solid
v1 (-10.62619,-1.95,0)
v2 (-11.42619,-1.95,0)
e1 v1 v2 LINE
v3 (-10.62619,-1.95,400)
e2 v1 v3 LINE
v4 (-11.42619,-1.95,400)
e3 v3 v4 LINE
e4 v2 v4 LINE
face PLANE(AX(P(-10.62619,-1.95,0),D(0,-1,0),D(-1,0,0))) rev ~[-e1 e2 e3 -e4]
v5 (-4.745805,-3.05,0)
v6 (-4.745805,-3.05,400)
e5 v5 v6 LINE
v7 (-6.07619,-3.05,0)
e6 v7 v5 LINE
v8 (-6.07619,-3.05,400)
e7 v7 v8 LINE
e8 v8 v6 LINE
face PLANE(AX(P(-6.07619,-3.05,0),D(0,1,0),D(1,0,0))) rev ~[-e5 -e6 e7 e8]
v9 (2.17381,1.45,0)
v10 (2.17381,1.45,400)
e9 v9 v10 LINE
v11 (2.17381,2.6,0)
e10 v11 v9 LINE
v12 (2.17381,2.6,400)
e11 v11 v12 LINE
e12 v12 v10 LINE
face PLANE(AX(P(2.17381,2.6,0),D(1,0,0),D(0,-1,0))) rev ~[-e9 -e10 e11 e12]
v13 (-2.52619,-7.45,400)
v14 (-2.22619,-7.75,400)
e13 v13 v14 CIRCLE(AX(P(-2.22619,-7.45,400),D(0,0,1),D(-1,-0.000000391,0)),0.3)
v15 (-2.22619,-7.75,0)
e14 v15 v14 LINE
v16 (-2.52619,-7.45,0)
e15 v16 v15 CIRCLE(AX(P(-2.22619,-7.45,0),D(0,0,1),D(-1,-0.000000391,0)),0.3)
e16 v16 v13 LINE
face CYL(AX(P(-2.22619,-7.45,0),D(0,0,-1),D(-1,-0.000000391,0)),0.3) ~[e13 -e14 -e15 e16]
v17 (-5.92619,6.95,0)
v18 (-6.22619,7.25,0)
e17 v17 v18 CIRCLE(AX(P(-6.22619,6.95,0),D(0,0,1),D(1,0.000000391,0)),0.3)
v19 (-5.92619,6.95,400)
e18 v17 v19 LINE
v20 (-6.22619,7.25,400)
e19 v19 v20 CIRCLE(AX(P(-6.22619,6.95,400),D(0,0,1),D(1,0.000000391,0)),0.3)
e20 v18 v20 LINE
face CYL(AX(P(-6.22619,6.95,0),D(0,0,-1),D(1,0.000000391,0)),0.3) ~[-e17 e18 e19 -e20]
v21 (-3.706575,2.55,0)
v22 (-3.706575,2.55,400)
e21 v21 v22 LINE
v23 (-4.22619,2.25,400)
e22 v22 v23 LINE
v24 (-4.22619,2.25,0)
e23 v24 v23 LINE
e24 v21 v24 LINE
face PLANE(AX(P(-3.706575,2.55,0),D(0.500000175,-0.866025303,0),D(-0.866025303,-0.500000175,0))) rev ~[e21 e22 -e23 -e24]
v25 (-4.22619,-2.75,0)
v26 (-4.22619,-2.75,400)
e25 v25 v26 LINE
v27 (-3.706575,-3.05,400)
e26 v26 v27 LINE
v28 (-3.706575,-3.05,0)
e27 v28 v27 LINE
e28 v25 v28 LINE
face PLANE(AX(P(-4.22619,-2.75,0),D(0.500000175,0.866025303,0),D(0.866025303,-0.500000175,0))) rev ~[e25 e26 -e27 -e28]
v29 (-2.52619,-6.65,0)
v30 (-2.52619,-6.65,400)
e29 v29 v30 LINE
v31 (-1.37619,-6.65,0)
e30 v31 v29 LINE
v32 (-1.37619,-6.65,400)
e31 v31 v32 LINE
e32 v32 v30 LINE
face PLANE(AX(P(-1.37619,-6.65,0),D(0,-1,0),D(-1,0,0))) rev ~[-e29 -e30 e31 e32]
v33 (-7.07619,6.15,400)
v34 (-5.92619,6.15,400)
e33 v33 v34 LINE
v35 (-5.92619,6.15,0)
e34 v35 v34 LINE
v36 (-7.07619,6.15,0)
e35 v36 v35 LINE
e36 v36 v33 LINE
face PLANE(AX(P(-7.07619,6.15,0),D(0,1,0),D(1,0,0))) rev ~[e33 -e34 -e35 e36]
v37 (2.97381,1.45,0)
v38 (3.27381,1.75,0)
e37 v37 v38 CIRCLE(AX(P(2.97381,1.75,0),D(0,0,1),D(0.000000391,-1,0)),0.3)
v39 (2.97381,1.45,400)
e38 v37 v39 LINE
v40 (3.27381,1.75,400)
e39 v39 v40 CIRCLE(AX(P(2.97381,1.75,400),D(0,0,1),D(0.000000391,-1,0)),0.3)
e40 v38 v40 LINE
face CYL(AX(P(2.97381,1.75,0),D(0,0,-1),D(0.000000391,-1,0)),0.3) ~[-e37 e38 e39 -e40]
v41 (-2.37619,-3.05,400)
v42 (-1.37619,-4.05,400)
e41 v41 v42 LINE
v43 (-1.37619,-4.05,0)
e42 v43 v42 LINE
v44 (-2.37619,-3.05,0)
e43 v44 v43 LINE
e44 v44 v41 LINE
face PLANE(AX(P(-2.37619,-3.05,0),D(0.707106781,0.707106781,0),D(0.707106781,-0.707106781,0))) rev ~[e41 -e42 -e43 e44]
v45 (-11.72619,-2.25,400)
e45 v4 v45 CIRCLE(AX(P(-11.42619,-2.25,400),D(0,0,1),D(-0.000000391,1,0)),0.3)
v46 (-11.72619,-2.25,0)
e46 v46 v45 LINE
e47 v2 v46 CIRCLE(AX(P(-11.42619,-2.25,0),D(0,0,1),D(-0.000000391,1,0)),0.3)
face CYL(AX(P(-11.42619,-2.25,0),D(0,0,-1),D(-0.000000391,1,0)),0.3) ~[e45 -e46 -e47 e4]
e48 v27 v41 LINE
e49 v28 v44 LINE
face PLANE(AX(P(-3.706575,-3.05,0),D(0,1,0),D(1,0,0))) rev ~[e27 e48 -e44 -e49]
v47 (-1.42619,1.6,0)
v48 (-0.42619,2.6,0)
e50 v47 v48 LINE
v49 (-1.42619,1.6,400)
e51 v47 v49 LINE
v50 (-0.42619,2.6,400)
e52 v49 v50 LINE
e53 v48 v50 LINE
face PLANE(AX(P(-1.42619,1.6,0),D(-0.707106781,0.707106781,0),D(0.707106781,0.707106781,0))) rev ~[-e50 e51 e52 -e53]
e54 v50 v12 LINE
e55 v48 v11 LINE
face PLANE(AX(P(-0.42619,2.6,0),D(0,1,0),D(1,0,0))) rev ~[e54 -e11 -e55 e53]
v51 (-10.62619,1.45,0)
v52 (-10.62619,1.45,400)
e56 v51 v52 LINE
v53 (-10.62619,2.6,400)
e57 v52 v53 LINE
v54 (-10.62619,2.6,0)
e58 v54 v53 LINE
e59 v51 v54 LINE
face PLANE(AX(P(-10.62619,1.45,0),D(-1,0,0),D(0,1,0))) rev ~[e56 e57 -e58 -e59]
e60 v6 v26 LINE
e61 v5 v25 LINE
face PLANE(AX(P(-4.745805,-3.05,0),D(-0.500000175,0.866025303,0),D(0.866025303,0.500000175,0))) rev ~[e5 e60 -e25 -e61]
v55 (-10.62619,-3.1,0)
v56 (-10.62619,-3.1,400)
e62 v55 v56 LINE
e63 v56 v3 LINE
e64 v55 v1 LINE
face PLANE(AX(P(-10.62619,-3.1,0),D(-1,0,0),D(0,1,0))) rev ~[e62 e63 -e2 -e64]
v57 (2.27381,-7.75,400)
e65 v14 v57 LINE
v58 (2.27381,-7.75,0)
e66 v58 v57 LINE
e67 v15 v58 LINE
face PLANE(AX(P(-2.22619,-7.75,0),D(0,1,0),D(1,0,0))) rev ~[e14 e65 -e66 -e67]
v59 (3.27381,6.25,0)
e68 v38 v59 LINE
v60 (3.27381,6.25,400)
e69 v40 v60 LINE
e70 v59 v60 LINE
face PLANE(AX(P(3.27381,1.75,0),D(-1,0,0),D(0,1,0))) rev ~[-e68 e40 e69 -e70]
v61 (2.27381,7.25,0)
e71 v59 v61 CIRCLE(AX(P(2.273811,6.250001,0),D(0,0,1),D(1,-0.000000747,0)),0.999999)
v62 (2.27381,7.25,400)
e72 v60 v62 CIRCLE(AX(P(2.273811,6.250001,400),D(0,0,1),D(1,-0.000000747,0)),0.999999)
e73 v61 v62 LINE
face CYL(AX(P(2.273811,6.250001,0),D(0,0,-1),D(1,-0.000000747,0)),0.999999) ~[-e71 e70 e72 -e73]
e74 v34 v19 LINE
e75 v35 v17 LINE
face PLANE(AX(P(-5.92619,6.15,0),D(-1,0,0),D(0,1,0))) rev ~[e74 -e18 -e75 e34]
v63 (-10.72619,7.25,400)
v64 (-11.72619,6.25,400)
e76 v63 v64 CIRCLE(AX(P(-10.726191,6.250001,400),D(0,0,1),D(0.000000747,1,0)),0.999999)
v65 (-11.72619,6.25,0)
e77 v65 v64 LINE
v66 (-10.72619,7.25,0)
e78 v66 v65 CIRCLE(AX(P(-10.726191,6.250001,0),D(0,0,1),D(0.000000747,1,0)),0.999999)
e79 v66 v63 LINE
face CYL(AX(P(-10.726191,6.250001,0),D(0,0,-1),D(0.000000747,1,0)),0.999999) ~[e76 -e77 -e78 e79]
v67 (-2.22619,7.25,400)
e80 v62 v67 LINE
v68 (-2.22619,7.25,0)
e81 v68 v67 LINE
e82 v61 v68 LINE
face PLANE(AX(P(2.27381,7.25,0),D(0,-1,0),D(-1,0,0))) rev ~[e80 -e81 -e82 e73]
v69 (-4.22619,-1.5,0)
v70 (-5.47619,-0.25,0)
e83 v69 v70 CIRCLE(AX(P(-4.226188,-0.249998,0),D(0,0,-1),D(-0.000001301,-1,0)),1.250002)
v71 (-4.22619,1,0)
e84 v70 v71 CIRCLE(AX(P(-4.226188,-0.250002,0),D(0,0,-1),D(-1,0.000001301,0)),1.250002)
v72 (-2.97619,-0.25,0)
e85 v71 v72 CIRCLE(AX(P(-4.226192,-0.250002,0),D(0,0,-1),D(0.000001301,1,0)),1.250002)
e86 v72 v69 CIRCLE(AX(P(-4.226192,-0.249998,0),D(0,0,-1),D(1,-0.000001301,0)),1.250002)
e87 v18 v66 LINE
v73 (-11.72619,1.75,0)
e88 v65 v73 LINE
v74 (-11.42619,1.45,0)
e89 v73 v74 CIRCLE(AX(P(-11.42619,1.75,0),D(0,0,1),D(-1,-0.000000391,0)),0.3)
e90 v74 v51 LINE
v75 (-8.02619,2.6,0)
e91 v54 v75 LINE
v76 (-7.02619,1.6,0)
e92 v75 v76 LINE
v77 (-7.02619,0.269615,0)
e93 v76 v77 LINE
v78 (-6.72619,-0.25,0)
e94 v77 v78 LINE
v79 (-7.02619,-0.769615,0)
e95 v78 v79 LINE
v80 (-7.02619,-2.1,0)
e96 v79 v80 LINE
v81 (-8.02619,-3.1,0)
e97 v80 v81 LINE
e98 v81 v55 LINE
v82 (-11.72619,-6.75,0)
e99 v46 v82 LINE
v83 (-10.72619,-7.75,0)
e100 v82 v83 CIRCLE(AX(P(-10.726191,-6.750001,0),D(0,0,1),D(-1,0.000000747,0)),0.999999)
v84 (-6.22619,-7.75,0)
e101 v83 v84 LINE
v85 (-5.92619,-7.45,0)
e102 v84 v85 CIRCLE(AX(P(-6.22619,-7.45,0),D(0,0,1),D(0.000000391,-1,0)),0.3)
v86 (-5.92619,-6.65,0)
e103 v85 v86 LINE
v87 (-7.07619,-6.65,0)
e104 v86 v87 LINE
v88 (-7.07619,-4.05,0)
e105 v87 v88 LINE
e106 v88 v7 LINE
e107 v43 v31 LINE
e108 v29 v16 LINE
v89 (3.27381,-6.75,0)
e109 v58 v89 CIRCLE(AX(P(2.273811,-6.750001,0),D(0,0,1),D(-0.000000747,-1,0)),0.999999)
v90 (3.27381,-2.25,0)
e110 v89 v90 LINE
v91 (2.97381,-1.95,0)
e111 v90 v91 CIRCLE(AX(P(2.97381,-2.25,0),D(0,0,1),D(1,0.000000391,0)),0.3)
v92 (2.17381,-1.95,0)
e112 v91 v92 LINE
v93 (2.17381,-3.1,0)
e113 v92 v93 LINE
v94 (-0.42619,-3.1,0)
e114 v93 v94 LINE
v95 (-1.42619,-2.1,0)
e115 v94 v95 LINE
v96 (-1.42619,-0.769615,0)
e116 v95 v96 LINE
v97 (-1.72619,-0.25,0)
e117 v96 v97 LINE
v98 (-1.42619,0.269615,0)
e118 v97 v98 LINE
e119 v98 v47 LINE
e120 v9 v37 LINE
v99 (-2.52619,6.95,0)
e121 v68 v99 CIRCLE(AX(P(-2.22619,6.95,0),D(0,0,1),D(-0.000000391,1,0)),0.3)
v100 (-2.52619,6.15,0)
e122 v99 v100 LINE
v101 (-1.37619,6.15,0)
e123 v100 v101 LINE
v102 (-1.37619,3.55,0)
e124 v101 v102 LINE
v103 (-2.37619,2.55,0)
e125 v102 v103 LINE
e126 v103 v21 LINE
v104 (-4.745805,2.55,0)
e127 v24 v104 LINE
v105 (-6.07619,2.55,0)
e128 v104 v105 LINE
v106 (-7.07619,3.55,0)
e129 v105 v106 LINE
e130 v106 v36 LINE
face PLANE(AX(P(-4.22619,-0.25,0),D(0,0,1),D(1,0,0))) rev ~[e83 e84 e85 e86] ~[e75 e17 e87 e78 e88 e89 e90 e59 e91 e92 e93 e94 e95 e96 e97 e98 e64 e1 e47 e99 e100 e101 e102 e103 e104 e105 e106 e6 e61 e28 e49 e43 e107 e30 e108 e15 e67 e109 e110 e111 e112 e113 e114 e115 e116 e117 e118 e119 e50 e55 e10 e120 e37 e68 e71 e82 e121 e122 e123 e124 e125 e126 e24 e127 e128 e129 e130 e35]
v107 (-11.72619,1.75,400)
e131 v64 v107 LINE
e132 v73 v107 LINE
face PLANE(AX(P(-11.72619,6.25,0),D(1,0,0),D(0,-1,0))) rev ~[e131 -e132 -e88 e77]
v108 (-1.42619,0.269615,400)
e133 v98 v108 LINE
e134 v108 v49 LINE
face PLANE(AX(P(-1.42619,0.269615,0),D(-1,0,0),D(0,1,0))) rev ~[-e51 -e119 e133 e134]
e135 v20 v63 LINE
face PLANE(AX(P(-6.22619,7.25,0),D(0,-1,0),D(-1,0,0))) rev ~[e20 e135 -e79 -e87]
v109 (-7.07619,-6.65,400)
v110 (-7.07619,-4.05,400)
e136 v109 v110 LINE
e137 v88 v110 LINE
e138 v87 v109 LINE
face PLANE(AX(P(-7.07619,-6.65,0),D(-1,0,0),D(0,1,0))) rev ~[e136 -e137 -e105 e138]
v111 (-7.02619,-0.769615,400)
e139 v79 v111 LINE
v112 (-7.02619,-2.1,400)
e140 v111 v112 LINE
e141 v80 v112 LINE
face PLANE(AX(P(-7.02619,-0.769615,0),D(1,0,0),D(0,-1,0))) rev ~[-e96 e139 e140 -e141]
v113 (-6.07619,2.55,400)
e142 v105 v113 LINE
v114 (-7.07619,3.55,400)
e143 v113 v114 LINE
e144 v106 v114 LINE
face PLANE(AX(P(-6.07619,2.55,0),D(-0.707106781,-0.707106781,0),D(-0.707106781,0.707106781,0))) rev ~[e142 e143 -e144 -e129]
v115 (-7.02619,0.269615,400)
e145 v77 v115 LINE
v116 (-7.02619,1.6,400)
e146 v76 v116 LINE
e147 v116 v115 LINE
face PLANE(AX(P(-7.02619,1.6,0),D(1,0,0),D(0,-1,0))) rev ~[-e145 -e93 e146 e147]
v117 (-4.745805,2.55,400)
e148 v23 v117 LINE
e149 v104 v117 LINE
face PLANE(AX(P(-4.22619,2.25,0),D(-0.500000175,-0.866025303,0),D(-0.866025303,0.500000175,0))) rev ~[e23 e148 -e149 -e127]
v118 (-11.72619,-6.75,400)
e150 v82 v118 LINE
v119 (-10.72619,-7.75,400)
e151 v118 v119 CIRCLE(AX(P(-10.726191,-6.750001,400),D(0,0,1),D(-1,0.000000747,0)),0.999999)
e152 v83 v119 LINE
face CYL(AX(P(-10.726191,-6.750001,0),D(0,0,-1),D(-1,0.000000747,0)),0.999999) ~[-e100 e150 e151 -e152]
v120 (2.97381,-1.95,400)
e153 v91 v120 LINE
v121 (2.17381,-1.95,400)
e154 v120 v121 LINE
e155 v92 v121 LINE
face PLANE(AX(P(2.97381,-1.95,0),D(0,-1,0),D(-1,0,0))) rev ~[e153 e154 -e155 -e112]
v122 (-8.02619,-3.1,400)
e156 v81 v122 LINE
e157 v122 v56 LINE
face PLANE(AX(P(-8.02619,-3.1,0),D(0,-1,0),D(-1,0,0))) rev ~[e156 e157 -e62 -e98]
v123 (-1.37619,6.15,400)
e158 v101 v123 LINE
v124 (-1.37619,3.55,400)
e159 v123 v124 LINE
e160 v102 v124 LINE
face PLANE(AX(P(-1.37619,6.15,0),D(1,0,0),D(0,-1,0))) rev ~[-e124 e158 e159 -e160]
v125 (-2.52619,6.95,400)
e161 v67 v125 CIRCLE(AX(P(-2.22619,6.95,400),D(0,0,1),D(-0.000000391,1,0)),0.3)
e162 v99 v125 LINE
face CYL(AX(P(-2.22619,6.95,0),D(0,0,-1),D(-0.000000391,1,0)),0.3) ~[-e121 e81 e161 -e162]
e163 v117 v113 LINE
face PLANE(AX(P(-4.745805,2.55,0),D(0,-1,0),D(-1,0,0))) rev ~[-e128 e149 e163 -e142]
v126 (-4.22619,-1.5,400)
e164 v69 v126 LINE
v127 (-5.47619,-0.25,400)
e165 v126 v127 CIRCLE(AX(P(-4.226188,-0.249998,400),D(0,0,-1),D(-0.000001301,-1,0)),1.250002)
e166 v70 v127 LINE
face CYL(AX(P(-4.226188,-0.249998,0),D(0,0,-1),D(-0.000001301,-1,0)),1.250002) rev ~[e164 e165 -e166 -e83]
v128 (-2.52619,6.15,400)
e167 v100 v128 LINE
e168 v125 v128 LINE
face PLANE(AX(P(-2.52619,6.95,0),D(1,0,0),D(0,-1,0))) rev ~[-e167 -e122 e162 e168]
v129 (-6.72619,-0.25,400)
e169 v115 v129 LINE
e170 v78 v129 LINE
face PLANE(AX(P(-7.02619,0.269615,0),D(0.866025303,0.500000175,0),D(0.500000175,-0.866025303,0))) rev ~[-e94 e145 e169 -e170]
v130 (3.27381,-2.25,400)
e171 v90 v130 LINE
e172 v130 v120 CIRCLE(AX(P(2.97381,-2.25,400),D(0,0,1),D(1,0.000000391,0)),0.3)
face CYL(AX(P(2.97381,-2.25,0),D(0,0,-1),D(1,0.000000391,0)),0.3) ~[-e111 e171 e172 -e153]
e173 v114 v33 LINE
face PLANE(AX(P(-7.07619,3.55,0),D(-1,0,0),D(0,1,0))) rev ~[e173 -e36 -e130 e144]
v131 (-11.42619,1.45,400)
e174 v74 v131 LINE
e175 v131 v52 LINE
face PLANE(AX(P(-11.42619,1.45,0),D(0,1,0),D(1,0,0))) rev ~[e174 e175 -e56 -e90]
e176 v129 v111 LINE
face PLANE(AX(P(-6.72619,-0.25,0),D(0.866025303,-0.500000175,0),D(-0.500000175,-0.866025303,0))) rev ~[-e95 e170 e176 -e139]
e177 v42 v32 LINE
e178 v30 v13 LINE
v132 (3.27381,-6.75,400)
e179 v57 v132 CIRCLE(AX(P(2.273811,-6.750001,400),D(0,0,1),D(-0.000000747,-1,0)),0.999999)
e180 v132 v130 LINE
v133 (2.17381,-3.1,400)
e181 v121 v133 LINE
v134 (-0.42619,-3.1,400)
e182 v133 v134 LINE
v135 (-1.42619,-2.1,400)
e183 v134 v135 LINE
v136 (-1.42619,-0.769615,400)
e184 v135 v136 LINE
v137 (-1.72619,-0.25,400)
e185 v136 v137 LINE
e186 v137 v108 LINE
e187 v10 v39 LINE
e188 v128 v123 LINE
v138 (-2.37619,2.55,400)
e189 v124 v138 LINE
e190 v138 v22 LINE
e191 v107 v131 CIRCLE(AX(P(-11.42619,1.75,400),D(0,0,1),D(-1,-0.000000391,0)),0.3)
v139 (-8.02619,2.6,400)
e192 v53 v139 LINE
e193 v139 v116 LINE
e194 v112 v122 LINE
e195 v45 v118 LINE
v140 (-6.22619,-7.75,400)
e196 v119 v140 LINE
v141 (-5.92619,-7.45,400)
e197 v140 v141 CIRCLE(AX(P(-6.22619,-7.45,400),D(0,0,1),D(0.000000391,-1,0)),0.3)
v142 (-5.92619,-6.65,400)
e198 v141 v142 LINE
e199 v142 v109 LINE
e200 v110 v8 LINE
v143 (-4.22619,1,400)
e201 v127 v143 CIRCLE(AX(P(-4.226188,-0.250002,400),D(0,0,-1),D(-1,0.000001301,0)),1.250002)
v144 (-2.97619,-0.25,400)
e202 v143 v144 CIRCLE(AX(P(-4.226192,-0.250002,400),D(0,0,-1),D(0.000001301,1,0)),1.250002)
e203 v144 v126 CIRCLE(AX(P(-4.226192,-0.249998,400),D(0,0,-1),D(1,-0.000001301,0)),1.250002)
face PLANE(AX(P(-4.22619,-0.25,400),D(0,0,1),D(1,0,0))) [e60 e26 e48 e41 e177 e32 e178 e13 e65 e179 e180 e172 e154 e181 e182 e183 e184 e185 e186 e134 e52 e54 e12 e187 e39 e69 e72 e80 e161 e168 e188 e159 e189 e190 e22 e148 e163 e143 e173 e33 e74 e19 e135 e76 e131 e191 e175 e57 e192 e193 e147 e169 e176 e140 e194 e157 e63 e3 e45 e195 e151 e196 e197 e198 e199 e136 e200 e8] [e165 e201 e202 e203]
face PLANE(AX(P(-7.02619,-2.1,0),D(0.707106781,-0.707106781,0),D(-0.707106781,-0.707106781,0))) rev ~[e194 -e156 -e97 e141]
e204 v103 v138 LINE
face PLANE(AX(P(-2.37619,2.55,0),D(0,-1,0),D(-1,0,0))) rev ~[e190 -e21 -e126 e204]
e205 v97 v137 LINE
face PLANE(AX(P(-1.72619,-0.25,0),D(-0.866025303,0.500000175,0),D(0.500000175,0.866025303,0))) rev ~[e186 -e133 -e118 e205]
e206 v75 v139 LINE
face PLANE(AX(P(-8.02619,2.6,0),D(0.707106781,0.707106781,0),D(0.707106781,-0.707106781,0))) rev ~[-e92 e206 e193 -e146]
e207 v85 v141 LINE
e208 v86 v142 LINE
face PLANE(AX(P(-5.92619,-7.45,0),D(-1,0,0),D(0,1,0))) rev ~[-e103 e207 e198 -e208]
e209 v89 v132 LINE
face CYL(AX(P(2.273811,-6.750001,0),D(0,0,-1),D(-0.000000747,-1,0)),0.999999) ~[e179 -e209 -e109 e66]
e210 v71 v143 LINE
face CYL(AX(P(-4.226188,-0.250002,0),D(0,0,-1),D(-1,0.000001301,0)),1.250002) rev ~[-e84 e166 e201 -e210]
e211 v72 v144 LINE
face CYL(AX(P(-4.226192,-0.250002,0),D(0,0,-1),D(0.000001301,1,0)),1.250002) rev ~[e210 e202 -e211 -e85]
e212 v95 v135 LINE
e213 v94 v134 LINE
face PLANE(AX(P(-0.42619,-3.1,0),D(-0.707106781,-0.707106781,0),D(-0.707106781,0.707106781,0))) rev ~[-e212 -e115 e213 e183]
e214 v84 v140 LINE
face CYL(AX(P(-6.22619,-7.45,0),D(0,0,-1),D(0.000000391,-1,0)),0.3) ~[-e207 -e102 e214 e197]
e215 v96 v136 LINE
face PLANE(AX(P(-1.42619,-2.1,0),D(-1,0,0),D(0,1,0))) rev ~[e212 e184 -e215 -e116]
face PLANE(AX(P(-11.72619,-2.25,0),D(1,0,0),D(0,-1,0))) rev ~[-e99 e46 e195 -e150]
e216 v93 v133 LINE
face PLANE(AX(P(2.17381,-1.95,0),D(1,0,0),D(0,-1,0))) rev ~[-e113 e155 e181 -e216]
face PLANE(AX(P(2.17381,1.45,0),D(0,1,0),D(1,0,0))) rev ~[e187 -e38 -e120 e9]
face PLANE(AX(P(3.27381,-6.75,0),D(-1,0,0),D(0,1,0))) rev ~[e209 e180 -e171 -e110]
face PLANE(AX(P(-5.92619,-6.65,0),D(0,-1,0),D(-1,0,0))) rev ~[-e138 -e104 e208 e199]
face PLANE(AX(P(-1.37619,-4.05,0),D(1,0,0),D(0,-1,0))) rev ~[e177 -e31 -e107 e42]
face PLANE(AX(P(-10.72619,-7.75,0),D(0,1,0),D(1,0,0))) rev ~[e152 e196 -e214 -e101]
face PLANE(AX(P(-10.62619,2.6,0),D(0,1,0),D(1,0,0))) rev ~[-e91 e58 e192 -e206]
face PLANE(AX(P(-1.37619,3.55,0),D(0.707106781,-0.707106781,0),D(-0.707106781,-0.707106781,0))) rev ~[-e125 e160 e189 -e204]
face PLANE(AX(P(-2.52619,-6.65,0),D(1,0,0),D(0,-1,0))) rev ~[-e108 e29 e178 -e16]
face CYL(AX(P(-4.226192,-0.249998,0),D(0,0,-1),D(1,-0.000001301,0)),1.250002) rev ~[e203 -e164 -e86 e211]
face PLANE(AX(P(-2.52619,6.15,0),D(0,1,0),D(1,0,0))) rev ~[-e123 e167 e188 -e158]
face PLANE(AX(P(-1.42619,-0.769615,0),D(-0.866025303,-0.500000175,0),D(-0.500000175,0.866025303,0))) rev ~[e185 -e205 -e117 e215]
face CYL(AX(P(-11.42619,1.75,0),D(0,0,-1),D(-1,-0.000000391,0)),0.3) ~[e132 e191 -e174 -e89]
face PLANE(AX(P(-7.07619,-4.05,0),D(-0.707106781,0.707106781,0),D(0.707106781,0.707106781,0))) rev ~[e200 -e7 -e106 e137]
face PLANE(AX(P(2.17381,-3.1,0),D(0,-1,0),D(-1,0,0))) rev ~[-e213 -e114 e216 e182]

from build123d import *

# Parameters (mm, degrees)
F1_DEPTH = 400


with BuildPart() as f1:
    # F0 (on Top) → F1 (new body)
    with BuildSketch(Plane.XY):
        with BuildLine():
            ThreePointArc((-10.72619, 7.25), (-11.433297, 6.957107), (-11.72619, 6.25))
            Line((-11.72619, 6.25), (-11.72619, 1.75))
            ThreePointArc((-11.72619, 1.75), (-11.638322, 1.537868), (-11.42619, 1.45))
            Line((-11.42619, 1.45), (-10.62619, 1.45))
            Line((-10.62619, 1.45), (-10.62619, 2.6))
            Line((-10.62619, 2.6), (-8.02619, 2.6))
            Line((-8.02619, 2.6), (-7.02619, 1.6))
            Line((-7.02619, 1.6), (-7.02619, 0.269615))
            Line((-7.02619, 0.269615), (-6.72619, -0.25))
            Line((-6.72619, -0.25), (-7.02619, -0.769615))
            Line((-7.02619, -0.769615), (-7.02619, -2.1))
            Line((-7.02619, -2.1), (-8.02619, -3.1))
            Line((-8.02619, -3.1), (-10.62619, -3.1))
            Line((-10.62619, -3.1), (-10.62619, -1.95))
            Line((-10.62619, -1.95), (-11.42619, -1.95))
            ThreePointArc((-11.42619, -1.95), (-11.638322, -2.037868), (-11.72619, -2.25))
            Line((-11.72619, -2.25), (-11.72619, -6.75))
            ThreePointArc((-11.72619, -6.75), (-11.433297, -7.457107), (-10.72619, -7.75))
            Line((-10.72619, -7.75), (-6.22619, -7.75))
            ThreePointArc((-6.22619, -7.75), (-6.014058, -7.662132), (-5.92619, -7.45))
            Line((-5.92619, -7.45), (-5.92619, -6.65))
            Line((-5.92619, -6.65), (-7.07619, -6.65))
            Line((-7.07619, -6.65), (-7.07619, -4.05))
            Line((-7.07619, -4.05), (-6.07619, -3.05))
            Line((-6.07619, -3.05), (-4.745805, -3.05))
            Line((-4.745805, -3.05), (-4.22619, -2.75))
            Line((-4.22619, -2.75), (-3.706575, -3.05))
            Line((-3.706575, -3.05), (-2.37619, -3.05))
            Line((-2.37619, -3.05), (-1.37619, -4.05))
            Line((-1.37619, -4.05), (-1.37619, -6.65))
            Line((-1.37619, -6.65), (-2.52619, -6.65))
            Line((-2.52619, -6.65), (-2.52619, -7.45))
            ThreePointArc((-2.52619, -7.45), (-2.438322, -7.662132), (-2.22619, -7.75))
            Line((-2.22619, -7.75), (2.27381, -7.75))
            ThreePointArc((2.27381, -7.75), (2.980917, -7.457107), (3.27381, -6.75))
            Line((3.27381, -6.75), (3.27381, -2.25))
            ThreePointArc((3.27381, -2.25), (3.185942, -2.037868), (2.97381, -1.95))
            Line((2.97381, -1.95), (2.17381, -1.95))
            Line((2.17381, -1.95), (2.17381, -3.1))
            Line((2.17381, -3.1), (-0.42619, -3.1))
            Line((-0.42619, -3.1), (-1.42619, -2.1))
            Line((-1.42619, -2.1), (-1.42619, -0.769615))
            Line((-1.42619, -0.769615), (-1.72619, -0.25))
            Line((-1.72619, -0.25), (-1.42619, 0.269615))
            Line((-1.42619, 0.269615), (-1.42619, 1.6))
            Line((-1.42619, 1.6), (-0.42619, 2.6))
            Line((-0.42619, 2.6), (2.17381, 2.6))
            Line((2.17381, 2.6), (2.17381, 1.45))
            Line((2.17381, 1.45), (2.97381, 1.45))
            ThreePointArc((2.97381, 1.45), (3.185942, 1.537868), (3.27381, 1.75))
            Line((3.27381, 1.75), (3.27381, 6.25))
            ThreePointArc((3.27381, 6.25), (2.980917, 6.957107), (2.27381, 7.25))
            Line((2.27381, 7.25), (-2.22619, 7.25))
            ThreePointArc((-2.22619, 7.25), (-2.438322, 7.162132), (-2.52619, 6.95))
            Line((-2.52619, 6.95), (-2.52619, 6.15))
            Line((-2.52619, 6.15), (-1.37619, 6.15))
            Line((-1.37619, 6.15), (-1.37619, 3.55))
            Line((-1.37619, 3.55), (-2.37619, 2.55))
            Line((-2.37619, 2.55), (-3.706575, 2.55))
            Line((-3.706575, 2.55), (-4.22619, 2.25))
            Line((-4.22619, 2.25), (-4.745805, 2.55))
            Line((-4.745805, 2.55), (-6.07619, 2.55))
            Line((-6.07619, 2.55), (-7.07619, 3.55))
            Line((-7.07619, 3.55), (-7.07619, 6.15))
            Line((-7.07619, 6.15), (-5.92619, 6.15))
            Line((-5.92619, 6.15), (-5.92619, 6.95))
            ThreePointArc((-5.92619, 6.95), (-6.014058, 7.162132), (-6.22619, 7.25))
            Line((-6.22619, 7.25), (-10.72619, 7.25))
        make_face()
        with BuildLine():
            ThreePointArc((-4.22619, -1.5), (-5.110073, -1.133883), (-5.47619, -0.25))
            ThreePointArc((-5.47619, -0.25), (-5.110073, 0.633883), (-4.22619, 1))
            ThreePointArc((-4.22619, 1), (-3.342307, 0.633883), (-2.97619, -0.25))
            ThreePointArc((-2.97619, -0.25), (-3.342307, -1.133883), (-4.22619, -1.5))
        make_face(mode=Mode.SUBTRACT)
    extrude(amount=F1_DEPTH)


solid = f1.part
